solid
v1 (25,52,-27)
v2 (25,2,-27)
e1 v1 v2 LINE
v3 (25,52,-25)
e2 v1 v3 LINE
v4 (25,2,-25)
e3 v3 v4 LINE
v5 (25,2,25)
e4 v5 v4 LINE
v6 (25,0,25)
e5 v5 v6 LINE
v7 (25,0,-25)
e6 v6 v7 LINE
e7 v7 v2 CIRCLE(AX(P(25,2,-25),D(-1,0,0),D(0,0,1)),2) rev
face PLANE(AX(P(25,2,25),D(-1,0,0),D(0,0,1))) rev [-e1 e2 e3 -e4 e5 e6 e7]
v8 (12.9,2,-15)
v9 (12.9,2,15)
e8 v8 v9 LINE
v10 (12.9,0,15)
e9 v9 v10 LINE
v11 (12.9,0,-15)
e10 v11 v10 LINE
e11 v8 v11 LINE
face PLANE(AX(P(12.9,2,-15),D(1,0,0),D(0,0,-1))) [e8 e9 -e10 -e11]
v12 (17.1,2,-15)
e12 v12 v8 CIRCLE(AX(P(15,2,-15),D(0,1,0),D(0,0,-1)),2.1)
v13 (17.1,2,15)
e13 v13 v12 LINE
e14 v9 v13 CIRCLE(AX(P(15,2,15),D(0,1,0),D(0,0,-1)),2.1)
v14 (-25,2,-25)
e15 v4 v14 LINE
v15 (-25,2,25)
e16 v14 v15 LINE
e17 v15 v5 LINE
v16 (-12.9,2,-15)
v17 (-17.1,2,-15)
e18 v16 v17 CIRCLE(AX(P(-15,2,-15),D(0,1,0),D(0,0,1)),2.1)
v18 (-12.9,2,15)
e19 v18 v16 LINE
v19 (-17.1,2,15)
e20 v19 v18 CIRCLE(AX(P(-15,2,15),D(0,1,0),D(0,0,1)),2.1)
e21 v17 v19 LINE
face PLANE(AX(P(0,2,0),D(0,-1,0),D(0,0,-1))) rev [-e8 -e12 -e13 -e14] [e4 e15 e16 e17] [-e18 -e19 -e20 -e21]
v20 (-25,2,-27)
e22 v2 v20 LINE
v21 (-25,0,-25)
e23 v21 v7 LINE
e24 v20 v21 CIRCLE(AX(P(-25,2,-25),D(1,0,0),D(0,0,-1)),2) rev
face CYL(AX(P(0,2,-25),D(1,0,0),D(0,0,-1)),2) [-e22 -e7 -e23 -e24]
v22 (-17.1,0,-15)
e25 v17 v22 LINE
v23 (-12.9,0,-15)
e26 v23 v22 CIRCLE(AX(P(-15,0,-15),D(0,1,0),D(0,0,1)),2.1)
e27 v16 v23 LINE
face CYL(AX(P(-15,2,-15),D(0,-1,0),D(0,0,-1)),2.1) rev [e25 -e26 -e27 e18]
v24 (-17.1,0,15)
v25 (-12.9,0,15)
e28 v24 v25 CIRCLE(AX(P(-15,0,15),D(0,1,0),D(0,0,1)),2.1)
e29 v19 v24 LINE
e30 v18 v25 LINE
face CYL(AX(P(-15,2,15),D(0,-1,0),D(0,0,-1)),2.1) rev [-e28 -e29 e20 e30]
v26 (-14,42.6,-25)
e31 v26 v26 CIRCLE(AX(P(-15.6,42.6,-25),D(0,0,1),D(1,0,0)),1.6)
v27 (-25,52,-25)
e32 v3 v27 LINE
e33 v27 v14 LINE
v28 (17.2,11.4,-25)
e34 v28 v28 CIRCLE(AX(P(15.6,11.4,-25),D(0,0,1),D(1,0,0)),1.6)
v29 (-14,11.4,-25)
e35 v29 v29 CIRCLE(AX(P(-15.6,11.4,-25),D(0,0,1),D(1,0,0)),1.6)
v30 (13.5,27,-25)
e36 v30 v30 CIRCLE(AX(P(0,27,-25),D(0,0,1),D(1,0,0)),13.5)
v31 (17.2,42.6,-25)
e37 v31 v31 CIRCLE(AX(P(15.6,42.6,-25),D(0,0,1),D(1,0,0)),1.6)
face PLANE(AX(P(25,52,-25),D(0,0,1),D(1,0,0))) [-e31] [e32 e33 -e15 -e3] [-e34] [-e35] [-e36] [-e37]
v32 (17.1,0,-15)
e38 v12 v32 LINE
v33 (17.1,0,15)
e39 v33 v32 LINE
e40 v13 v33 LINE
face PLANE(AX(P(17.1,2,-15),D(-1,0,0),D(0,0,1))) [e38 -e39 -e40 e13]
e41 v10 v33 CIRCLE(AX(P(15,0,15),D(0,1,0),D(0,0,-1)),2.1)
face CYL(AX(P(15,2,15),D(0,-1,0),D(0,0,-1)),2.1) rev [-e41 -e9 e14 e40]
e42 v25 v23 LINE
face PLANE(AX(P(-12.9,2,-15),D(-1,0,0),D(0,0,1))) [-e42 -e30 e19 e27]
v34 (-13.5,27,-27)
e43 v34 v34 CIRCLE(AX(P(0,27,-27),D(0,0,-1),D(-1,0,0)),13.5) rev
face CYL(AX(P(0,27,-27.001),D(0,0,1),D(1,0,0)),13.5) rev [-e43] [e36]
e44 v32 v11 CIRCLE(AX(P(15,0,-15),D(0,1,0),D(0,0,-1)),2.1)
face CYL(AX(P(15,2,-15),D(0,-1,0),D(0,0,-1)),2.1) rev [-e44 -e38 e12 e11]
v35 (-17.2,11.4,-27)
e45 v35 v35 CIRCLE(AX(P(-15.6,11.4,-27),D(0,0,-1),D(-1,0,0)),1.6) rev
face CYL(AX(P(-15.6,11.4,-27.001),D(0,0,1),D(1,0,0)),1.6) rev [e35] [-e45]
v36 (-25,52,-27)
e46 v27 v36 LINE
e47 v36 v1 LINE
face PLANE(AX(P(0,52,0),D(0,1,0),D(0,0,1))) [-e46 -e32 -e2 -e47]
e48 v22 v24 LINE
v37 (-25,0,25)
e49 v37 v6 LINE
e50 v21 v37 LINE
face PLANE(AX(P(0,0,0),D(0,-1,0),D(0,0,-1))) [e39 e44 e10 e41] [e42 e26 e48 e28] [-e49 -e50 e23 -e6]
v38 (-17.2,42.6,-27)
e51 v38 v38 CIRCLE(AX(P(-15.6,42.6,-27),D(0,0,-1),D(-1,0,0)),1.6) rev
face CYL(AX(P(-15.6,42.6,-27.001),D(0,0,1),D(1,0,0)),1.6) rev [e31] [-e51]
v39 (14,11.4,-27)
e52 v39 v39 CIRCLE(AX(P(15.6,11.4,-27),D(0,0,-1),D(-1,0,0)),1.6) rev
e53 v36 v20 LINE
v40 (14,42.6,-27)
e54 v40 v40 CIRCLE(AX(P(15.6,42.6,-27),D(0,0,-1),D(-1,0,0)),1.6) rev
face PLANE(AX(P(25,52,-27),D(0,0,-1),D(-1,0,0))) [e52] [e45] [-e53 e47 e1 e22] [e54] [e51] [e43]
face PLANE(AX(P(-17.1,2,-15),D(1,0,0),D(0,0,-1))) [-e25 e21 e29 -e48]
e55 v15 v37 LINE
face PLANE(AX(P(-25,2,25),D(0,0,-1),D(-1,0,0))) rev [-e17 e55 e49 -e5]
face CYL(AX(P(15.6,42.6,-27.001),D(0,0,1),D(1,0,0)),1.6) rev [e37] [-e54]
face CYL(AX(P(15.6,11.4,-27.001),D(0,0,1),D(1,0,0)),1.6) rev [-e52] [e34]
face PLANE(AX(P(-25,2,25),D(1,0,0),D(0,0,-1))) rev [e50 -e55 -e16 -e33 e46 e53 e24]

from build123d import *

# Parameters (mm, degrees)
SKETCH1_W           = 50
SKETCH1_H           = 50
BOSS_EXTRUDE1_DEPTH = 2
SKETCH2_W           = 50
SKETCH2_H           = 2
BOSS_EXTRUDE2_DEPTH = 52
CUT_EXTRUDE1_REACH  = 4
SKETCH3_R           = 1.6
SKETCH3_R_2         = 13.5
FILLET1_R           = 2


with BuildPart() as part:
    # Sketch1 → Boss-Extrude1 (new body)
    with BuildSketch(Plane(origin=(0, 0, 0), x_dir=(1, 0, 0), z_dir=(0, 1, 0))):
        Rectangle(SKETCH1_W, SKETCH1_H)
        with BuildLine():
            Line((-17.1, 15), (-17.1, -15))
            ThreePointArc((-17.1, -15), (-15, -17.1), (-12.9, -15))
            Line((-12.9, -15), (-12.9, 15))
            ThreePointArc((-12.9, 15), (-15, 17.1), (-17.1, 15))
        make_face(mode=Mode.SUBTRACT)
        with BuildLine():
            Line((17.1, 15), (17.1, -15))
            ThreePointArc((17.1, -15), (15, -17.1), (12.9, -15))
            Line((12.9, -15), (12.9, 15))
            ThreePointArc((12.9, 15), (15, 17.1), (17.1, 15))
        make_face(mode=Mode.SUBTRACT)
    extrude(amount=BOSS_EXTRUDE1_DEPTH)

    # Sketch2 → Boss-Extrude2 (add)
    with BuildSketch(Plane.XZ):
        with Locations((0, -26)):
            Rectangle(SKETCH2_W, SKETCH2_H)
    extrude(amount=-BOSS_EXTRUDE2_DEPTH)

    # Sketch3 → Cut-Extrude1 (cut, up to next)
    with BuildSketch(Plane.XY.offset(-25), mode=Mode.PRIVATE) as cut_extrude1_sk1:
        with Locations((-15.6, 42.6)):
            Circle(SKETCH3_R)
    cut_extrude1_tool1 = extrude(cut_extrude1_sk1.sketch, amount=-CUT_EXTRUDE1_REACH, mode=Mode.PRIVATE) & part.part
    add(cut_extrude1_tool1.solids().sort_by_distance((-15.6, 42.6, -25))[0], mode=Mode.SUBTRACT)
    # Sketch3 → Cut-Extrude1 (cut, up to next)
    with BuildSketch(Plane.XY.offset(-25), mode=Mode.PRIVATE) as cut_extrude1_sk2:
        with Locations((15.6, 42.6)):
            Circle(SKETCH3_R)
    cut_extrude1_tool2 = extrude(cut_extrude1_sk2.sketch, amount=-CUT_EXTRUDE1_REACH, mode=Mode.PRIVATE) & part.part
    add(cut_extrude1_tool2.solids().sort_by_distance((15.6, 42.6, -25))[0], mode=Mode.SUBTRACT)
    # Sketch3 → Cut-Extrude1 (cut, up to next)
    with BuildSketch(Plane.XY.offset(-25), mode=Mode.PRIVATE) as cut_extrude1_sk3:
        with Locations((15.6, 11.4)):
            Circle(SKETCH3_R)
    cut_extrude1_tool3 = extrude(cut_extrude1_sk3.sketch, amount=-CUT_EXTRUDE1_REACH, mode=Mode.PRIVATE) & part.part
    add(cut_extrude1_tool3.solids().sort_by_distance((15.6, 11.4, -25))[0], mode=Mode.SUBTRACT)
    # Sketch3 → Cut-Extrude1 (cut, up to next)
    with BuildSketch(Plane.XY.offset(-25), mode=Mode.PRIVATE) as cut_extrude1_sk4:
        with Locations((-15.6, 11.4)):
            Circle(SKETCH3_R)
    cut_extrude1_tool4 = extrude(cut_extrude1_sk4.sketch, amount=-CUT_EXTRUDE1_REACH, mode=Mode.PRIVATE) & part.part
    add(cut_extrude1_tool4.solids().sort_by_distance((-15.6, 11.4, -25))[0], mode=Mode.SUBTRACT)
    # Sketch3 → Cut-Extrude1 (cut, up to next)
    with BuildSketch(Plane.XY.offset(-25), mode=Mode.PRIVATE) as cut_extrude1_sk5:
        with Locations((0, 27)):
            Circle(SKETCH3_R_2)
    cut_extrude1_tool5 = extrude(cut_extrude1_sk5.sketch, amount=-CUT_EXTRUDE1_REACH, mode=Mode.PRIVATE) & part.part
    add(cut_extrude1_tool5.solids().sort_by_distance((0, 27, -25))[0], mode=Mode.SUBTRACT)

    # Fillet1
    fillet1_edges = [part.edges().sort_by_distance(p)[0] for p in [
        (0, 0, -27),
    ]]
    fillet(fillet1_edges, radius=FILLET1_R)


solid = part.part
